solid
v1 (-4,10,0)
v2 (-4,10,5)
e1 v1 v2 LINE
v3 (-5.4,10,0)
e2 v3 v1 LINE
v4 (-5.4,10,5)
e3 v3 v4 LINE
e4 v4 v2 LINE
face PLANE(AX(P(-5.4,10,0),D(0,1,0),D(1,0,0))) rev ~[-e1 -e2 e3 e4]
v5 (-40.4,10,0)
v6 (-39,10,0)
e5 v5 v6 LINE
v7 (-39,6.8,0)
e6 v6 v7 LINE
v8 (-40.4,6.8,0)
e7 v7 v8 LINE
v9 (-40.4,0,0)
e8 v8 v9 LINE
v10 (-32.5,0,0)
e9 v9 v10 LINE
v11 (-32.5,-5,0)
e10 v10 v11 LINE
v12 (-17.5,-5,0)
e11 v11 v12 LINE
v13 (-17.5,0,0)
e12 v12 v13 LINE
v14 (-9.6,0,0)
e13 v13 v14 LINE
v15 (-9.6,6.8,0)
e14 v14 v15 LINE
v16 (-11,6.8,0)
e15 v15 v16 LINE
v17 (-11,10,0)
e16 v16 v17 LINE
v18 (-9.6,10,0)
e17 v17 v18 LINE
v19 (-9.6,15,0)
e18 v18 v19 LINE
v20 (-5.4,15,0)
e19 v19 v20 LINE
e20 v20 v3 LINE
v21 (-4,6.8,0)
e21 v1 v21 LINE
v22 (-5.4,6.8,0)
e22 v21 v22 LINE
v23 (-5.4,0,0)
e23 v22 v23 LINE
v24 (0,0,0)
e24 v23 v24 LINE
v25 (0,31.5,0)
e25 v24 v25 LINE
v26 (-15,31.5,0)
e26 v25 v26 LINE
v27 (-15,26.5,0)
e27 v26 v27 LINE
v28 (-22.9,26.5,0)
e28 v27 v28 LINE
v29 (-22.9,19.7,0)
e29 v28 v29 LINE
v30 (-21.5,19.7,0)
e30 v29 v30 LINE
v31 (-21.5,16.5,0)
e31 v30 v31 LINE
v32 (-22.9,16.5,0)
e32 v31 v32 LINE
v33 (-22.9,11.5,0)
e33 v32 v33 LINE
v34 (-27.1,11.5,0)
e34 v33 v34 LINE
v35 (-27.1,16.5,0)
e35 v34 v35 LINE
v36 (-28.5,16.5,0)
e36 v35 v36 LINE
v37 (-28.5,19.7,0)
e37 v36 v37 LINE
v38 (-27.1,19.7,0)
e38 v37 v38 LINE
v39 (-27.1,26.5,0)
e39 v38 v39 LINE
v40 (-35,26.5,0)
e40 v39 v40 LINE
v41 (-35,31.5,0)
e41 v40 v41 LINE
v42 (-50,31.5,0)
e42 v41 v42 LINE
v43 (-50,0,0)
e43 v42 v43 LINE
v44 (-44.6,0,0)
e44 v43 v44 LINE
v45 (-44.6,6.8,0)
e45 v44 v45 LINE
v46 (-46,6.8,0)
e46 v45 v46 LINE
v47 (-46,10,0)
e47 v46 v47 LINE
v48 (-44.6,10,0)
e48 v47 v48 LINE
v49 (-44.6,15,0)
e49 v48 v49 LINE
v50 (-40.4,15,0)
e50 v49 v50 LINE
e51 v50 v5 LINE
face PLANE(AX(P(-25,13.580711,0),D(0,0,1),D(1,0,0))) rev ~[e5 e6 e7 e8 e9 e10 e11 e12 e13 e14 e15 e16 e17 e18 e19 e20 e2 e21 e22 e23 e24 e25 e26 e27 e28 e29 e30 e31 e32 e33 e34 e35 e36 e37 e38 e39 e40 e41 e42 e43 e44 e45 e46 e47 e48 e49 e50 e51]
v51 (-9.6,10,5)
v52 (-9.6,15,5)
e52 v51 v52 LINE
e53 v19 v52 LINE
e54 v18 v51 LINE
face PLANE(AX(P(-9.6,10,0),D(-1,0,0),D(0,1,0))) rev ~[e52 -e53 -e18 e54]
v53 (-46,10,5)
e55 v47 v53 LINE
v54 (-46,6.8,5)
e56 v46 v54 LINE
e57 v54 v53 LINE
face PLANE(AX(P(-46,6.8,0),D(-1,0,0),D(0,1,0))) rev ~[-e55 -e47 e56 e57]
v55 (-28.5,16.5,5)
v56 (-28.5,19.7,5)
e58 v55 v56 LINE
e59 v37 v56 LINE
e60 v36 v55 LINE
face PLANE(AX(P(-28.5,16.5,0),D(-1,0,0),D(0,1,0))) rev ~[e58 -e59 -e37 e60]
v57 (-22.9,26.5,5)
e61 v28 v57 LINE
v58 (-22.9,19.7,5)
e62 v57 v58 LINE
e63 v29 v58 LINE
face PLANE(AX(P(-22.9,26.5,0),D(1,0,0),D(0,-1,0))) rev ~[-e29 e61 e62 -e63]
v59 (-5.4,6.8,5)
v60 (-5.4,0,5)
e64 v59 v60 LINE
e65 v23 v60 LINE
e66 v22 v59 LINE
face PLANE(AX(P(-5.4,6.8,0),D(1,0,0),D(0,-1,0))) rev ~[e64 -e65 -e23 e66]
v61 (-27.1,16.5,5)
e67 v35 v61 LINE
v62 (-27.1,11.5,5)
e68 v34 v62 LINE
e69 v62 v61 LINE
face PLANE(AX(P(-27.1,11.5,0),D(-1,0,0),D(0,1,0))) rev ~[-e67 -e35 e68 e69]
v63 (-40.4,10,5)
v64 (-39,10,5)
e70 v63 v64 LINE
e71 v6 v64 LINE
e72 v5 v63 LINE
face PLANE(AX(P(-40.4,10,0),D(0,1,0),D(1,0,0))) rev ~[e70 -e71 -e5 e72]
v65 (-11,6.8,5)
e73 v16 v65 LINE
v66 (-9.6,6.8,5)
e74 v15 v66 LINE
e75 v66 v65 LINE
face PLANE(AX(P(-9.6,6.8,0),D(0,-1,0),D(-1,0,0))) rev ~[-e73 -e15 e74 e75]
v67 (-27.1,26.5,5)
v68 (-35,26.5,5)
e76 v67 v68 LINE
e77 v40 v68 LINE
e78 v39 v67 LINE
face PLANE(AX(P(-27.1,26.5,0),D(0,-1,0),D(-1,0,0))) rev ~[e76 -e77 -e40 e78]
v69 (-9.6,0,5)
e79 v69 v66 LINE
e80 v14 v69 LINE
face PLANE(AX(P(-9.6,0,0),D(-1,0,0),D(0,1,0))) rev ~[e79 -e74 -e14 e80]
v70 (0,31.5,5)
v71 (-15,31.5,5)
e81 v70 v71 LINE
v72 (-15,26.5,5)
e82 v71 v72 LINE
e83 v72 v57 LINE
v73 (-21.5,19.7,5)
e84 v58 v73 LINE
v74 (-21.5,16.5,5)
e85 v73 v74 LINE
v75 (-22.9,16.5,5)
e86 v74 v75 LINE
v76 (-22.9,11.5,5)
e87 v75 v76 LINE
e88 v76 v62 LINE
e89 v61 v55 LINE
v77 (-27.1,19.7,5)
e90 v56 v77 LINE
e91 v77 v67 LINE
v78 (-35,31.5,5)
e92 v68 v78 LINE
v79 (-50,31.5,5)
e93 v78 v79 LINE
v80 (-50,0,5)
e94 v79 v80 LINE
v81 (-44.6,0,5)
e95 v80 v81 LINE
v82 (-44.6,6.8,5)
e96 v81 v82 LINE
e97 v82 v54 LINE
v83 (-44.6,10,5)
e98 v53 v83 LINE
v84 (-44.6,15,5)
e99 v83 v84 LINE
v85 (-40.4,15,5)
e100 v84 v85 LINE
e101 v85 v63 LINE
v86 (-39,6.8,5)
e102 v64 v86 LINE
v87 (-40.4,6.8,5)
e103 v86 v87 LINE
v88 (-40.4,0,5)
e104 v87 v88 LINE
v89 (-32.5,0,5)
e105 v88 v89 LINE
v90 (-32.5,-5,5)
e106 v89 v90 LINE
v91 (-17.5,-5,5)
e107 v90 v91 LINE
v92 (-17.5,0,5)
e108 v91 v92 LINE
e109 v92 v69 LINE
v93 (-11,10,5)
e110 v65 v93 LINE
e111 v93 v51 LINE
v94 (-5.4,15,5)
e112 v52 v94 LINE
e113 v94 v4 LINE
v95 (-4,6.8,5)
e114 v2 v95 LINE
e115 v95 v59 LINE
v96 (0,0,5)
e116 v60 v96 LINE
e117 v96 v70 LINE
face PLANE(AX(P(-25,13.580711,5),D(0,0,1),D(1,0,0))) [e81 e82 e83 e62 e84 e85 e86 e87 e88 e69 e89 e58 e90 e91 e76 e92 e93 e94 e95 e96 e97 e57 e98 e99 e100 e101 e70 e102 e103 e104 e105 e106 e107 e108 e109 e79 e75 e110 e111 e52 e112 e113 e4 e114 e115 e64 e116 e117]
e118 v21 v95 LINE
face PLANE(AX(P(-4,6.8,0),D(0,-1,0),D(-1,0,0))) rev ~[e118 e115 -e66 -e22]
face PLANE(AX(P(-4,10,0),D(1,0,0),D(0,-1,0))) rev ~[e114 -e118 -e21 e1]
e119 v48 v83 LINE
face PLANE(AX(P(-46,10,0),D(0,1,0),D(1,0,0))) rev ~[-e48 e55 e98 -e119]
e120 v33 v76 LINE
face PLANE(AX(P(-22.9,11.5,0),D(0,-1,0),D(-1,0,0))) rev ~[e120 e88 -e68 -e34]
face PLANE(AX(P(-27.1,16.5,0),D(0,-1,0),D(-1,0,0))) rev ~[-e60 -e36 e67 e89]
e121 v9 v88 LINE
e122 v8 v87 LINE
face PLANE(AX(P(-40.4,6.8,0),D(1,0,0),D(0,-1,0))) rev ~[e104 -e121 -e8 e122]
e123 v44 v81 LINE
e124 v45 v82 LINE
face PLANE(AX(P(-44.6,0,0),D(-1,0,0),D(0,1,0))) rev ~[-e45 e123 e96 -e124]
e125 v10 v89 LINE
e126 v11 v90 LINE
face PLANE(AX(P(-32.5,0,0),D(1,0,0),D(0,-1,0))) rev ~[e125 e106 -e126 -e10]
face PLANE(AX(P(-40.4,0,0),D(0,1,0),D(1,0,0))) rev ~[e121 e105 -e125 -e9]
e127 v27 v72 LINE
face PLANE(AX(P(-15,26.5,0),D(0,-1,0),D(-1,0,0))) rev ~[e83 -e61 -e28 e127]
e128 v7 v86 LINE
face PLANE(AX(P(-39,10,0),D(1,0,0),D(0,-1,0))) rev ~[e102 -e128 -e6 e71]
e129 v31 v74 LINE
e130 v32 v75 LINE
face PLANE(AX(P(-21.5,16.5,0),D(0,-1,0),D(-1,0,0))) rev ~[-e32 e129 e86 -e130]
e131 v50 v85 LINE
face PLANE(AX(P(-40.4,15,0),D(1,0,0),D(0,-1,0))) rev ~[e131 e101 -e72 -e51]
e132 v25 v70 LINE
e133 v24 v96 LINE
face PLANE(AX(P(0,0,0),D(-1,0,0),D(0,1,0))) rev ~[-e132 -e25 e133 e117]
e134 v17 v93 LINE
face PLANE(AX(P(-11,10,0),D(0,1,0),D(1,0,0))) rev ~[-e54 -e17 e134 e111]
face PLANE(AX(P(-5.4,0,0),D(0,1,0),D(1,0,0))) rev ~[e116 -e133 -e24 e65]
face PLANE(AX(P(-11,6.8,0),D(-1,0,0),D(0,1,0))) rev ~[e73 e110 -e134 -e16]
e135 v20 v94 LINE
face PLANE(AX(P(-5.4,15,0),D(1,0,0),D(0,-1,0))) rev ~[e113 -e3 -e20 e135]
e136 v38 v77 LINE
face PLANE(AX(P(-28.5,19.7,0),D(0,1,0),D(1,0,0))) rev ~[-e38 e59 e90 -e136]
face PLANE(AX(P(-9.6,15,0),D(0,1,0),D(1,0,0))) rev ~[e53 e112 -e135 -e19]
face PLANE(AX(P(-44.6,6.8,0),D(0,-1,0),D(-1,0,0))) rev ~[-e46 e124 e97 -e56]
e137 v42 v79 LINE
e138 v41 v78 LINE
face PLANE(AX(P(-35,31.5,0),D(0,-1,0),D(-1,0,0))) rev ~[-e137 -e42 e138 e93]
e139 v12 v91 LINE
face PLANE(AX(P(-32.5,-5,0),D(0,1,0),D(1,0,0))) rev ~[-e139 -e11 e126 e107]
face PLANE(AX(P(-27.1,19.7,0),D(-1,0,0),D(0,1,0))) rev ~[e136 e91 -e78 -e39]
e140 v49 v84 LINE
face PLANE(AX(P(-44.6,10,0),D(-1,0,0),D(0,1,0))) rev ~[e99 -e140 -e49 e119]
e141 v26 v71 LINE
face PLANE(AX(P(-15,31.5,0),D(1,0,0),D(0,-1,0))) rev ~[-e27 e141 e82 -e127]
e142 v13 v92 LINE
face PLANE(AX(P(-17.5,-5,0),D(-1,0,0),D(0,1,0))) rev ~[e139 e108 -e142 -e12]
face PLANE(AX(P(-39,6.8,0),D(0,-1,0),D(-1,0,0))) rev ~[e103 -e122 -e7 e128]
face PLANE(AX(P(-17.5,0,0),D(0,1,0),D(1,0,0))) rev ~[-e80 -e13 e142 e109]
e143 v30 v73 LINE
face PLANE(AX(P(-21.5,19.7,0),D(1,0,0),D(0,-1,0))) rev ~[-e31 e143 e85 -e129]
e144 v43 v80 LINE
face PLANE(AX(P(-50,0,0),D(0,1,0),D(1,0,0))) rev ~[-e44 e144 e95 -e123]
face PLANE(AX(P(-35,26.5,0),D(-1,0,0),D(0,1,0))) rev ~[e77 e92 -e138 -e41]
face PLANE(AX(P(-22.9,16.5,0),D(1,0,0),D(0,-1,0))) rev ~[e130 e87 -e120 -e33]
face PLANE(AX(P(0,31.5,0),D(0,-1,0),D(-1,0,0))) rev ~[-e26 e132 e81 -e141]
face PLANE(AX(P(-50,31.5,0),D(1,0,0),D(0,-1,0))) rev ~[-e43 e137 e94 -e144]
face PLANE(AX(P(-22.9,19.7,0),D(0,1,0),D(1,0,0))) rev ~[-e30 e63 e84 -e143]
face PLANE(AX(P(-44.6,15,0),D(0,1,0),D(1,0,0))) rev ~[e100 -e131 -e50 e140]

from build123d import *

# Parameters (mm, degrees)
BOSS_EXTRUDE1_DEPTH = 5


with BuildPart() as part:
    # Sketch1 → Boss-Extrude1 (new body)
    with BuildSketch(Plane.XY):
        Polygon((-5.4, 0), (0, 0), (0, 31.5), (-15, 31.5), (-15, 26.5), (-22.9, 26.5), (-22.9, 19.7), (-21.5, 19.7), (-21.5, 16.5), (-22.9, 16.5), (-22.9, 11.5), (-27.1, 11.5), (-27.1, 16.5), (-28.5, 16.5), (-28.5, 19.7), (-27.1, 19.7), (-27.1, 26.5), (-35, 26.5), (-35, 31.5), (-50, 31.5), (-50, 0), (-44.6, 0), (-44.6, 6.8), (-46, 6.8), (-46, 10), (-44.6, 10), (-44.6, 15), (-40.4, 15), (-40.4, 10), (-39, 10), (-39, 6.8), (-40.4, 6.8), (-40.4, 0), (-32.5, 0), (-32.5, -5), (-17.5, -5), (-17.5, 0), (-9.6, 0), (-9.6, 6.8), (-11, 6.8), (-11, 10), (-9.6, 10), (-9.6, 15), (-5.4, 15), (-5.4, 10), (-4, 10), (-4, 6.8), (-5.4, 6.8), align=None)
    extrude(amount=BOSS_EXTRUDE1_DEPTH)


solid = part.part
